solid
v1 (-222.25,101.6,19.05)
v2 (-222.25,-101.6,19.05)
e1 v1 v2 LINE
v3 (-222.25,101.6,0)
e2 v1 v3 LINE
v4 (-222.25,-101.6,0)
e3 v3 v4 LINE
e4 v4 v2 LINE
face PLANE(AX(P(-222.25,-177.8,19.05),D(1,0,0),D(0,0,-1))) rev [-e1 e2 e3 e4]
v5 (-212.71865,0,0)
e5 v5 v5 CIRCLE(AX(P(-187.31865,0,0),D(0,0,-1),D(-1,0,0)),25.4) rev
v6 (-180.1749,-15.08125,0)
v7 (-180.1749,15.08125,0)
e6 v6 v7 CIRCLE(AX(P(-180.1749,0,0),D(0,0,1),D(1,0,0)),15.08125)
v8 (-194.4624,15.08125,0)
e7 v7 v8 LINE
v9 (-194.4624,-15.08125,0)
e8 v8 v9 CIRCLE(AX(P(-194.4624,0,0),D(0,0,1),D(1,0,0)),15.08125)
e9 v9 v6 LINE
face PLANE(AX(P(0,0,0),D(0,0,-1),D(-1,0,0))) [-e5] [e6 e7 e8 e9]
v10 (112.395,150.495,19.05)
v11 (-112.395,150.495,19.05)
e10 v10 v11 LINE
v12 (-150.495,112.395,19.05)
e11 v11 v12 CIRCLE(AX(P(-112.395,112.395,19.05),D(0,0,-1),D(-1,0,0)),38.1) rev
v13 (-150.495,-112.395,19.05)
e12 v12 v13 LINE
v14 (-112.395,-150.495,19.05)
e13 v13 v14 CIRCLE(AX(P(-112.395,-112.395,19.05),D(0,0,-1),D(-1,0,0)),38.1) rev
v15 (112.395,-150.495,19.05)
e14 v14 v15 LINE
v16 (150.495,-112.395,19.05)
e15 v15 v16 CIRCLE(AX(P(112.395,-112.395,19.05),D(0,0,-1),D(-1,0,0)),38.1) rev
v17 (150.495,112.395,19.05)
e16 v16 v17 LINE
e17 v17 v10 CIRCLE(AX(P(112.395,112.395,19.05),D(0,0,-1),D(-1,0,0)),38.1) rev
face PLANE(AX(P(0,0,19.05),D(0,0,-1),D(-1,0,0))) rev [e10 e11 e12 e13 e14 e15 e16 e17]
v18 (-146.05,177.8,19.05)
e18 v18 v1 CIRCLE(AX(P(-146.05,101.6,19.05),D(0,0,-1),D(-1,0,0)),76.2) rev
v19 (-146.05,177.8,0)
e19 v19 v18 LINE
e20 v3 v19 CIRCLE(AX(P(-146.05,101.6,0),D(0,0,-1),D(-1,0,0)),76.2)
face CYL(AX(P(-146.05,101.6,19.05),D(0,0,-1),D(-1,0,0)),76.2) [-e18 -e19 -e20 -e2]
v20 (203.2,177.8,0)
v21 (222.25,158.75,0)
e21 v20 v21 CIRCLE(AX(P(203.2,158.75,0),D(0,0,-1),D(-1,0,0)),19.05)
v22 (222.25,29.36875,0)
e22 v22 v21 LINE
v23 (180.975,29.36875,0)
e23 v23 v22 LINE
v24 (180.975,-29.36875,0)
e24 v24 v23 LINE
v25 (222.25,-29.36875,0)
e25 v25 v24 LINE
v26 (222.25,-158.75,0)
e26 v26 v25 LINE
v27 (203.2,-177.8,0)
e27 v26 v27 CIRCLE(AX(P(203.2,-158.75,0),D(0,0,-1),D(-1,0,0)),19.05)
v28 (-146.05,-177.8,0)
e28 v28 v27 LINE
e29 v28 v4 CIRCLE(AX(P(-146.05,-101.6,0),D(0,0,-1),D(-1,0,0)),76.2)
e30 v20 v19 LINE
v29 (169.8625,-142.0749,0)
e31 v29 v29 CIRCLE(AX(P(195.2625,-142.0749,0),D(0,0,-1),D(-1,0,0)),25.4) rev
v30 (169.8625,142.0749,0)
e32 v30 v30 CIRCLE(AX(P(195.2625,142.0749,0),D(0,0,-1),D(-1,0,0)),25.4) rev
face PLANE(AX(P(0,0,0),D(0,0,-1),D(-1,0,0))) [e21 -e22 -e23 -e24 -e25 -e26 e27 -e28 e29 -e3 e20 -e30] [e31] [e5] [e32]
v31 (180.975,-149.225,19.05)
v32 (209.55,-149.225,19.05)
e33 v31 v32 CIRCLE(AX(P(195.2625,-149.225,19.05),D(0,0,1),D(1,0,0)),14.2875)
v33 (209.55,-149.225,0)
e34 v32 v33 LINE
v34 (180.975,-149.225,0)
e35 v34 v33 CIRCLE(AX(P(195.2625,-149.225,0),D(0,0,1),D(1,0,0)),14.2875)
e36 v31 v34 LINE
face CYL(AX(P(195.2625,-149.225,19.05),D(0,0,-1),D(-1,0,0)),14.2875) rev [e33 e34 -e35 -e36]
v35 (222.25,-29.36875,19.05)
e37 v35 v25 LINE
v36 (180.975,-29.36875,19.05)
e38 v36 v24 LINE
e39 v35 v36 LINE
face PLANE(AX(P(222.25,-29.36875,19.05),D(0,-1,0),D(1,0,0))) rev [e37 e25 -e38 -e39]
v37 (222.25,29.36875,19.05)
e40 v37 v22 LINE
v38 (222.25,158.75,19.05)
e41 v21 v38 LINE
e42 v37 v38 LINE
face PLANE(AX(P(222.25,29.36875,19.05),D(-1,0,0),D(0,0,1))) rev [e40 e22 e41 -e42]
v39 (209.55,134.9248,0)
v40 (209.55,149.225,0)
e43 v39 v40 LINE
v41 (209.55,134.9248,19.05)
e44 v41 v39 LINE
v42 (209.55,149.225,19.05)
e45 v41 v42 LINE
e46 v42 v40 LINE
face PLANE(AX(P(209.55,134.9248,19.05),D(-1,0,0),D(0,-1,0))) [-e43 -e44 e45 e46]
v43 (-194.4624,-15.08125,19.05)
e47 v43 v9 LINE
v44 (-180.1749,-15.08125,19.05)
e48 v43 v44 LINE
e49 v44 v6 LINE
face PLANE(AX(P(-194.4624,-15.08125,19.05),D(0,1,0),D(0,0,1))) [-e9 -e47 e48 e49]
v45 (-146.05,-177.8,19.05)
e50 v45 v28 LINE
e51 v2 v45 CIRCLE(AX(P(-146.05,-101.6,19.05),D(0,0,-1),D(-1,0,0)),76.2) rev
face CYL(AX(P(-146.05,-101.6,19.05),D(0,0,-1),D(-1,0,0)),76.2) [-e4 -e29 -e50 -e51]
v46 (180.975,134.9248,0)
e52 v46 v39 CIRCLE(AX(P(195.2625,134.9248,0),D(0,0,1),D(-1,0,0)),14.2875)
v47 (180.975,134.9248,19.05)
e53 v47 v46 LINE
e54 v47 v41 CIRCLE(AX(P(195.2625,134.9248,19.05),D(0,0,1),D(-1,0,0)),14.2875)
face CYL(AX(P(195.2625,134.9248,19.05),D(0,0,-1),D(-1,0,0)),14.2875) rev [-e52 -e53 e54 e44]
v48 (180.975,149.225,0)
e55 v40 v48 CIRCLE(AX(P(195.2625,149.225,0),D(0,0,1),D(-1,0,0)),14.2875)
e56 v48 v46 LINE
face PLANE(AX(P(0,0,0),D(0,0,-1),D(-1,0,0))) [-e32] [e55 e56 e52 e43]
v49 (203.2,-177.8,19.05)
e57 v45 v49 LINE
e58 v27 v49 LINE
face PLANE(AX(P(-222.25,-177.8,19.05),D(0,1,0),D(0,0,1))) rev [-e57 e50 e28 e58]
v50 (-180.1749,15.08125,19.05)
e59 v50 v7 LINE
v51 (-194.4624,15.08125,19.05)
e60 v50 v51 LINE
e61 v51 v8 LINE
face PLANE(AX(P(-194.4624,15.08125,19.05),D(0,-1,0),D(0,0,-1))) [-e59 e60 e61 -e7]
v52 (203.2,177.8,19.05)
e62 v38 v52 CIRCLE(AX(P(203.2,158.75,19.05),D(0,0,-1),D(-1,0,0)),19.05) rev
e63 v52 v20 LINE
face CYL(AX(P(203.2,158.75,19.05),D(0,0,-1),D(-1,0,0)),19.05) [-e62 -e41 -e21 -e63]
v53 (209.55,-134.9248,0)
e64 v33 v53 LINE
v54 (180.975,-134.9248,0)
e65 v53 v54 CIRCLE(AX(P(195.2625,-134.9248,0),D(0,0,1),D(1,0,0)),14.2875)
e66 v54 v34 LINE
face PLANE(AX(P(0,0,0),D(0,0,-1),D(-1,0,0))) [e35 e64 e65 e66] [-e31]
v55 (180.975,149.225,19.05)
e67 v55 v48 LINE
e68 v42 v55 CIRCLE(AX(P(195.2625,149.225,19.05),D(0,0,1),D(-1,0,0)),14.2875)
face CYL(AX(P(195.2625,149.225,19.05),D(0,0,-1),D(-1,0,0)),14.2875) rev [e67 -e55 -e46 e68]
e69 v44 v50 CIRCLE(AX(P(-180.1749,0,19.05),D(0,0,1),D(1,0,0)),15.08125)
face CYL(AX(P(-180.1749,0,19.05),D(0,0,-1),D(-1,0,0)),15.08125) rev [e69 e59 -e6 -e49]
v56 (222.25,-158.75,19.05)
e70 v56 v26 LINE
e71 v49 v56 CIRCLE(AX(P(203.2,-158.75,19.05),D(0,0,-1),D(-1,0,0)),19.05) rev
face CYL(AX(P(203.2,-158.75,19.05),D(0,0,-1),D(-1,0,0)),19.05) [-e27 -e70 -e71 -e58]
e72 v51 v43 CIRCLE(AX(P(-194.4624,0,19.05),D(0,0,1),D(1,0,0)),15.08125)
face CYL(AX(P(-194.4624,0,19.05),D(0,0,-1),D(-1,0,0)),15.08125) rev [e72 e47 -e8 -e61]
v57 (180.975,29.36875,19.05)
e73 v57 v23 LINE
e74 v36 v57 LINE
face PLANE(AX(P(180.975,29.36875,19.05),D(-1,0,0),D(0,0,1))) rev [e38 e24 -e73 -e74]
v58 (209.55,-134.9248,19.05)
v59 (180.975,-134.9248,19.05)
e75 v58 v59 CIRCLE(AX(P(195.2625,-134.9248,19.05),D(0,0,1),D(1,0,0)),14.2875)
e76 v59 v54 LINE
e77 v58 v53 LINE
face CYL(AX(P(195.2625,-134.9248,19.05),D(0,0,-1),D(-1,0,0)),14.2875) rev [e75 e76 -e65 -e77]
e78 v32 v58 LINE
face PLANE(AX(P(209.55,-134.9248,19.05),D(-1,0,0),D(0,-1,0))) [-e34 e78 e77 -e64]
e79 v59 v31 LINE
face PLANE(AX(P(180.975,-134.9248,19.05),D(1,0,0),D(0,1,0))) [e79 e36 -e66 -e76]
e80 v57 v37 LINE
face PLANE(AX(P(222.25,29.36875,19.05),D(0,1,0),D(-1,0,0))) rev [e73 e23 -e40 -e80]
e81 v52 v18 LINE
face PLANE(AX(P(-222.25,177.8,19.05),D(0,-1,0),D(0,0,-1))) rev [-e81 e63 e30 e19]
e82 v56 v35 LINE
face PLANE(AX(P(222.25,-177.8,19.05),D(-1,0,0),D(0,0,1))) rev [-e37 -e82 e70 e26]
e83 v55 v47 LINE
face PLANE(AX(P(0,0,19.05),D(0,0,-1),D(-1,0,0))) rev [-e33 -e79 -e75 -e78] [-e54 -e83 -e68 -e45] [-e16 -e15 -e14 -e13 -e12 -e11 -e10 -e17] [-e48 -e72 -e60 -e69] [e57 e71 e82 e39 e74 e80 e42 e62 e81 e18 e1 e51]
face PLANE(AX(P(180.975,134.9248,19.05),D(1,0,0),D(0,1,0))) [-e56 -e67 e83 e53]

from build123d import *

# Parameters (mm, degrees)
BOSS_EXTRUDE1_DEPTH = 19.05
FILLET1_R           = 76.2
FILLET2_R           = 19.05


with BuildPart() as part:
    # Sketch1 → Boss-Extrude1 (new body)
    with BuildSketch(Plane.XY):
        Polygon((-222.25, -177.8), (222.25, -177.8), (222.25, -29.36875), (180.975, -29.36875), (180.975, 29.36875), (222.25, 29.36875), (222.25, 177.8), (-222.25, 177.8), align=None)
        with BuildLine():
            Line((-194.4624, 15.08125), (-180.1749, 15.08125))
            ThreePointArc((-180.1749, 15.08125), (-165.09365, 0), (-180.1749, -15.08125))
            Line((-180.1749, -15.08125), (-194.4624, -15.08125))
            ThreePointArc((-194.4624, -15.08125), (-209.54365, 0), (-194.4624, 15.08125))
        make_face(mode=Mode.SUBTRACT)
        with BuildLine():
            Line((209.55, -134.9248), (209.55, -149.225))
            ThreePointArc((209.55, -149.225), (195.2625, -163.5125), (180.975, -149.225))
            Line((180.975, -149.225), (180.975, -134.9248))
            ThreePointArc((180.975, -134.9248), (195.2625, -120.6373), (209.55, -134.9248))
        make_face(mode=Mode.SUBTRACT)
        with BuildLine():
            Line((209.55, 134.9248), (209.55, 149.225))
            ThreePointArc((209.55, 149.225), (195.2625, 163.5125), (180.975, 149.225))
            Line((180.975, 149.225), (180.975, 134.9248))
            ThreePointArc((180.975, 134.9248), (195.2625, 120.6373), (209.55, 134.9248))
        make_face(mode=Mode.SUBTRACT)
    extrude(amount=BOSS_EXTRUDE1_DEPTH)

    # Fillet1
    fillet1_edges = [part.edges().sort_by_distance(p)[0] for p in [
        (-222.25, -177.8, 9.525),
        (-222.25, 177.8, 9.525),
    ]]
    fillet(fillet1_edges, radius=FILLET1_R)

    # Fillet2
    fillet2_edges = [part.edges().sort_by_distance(p)[0] for p in [
        (222.25, -177.8, 9.525),
        (222.25, 177.8, 9.525),
    ]]
    fillet(fillet2_edges, radius=FILLET2_R)


solid = part.part
